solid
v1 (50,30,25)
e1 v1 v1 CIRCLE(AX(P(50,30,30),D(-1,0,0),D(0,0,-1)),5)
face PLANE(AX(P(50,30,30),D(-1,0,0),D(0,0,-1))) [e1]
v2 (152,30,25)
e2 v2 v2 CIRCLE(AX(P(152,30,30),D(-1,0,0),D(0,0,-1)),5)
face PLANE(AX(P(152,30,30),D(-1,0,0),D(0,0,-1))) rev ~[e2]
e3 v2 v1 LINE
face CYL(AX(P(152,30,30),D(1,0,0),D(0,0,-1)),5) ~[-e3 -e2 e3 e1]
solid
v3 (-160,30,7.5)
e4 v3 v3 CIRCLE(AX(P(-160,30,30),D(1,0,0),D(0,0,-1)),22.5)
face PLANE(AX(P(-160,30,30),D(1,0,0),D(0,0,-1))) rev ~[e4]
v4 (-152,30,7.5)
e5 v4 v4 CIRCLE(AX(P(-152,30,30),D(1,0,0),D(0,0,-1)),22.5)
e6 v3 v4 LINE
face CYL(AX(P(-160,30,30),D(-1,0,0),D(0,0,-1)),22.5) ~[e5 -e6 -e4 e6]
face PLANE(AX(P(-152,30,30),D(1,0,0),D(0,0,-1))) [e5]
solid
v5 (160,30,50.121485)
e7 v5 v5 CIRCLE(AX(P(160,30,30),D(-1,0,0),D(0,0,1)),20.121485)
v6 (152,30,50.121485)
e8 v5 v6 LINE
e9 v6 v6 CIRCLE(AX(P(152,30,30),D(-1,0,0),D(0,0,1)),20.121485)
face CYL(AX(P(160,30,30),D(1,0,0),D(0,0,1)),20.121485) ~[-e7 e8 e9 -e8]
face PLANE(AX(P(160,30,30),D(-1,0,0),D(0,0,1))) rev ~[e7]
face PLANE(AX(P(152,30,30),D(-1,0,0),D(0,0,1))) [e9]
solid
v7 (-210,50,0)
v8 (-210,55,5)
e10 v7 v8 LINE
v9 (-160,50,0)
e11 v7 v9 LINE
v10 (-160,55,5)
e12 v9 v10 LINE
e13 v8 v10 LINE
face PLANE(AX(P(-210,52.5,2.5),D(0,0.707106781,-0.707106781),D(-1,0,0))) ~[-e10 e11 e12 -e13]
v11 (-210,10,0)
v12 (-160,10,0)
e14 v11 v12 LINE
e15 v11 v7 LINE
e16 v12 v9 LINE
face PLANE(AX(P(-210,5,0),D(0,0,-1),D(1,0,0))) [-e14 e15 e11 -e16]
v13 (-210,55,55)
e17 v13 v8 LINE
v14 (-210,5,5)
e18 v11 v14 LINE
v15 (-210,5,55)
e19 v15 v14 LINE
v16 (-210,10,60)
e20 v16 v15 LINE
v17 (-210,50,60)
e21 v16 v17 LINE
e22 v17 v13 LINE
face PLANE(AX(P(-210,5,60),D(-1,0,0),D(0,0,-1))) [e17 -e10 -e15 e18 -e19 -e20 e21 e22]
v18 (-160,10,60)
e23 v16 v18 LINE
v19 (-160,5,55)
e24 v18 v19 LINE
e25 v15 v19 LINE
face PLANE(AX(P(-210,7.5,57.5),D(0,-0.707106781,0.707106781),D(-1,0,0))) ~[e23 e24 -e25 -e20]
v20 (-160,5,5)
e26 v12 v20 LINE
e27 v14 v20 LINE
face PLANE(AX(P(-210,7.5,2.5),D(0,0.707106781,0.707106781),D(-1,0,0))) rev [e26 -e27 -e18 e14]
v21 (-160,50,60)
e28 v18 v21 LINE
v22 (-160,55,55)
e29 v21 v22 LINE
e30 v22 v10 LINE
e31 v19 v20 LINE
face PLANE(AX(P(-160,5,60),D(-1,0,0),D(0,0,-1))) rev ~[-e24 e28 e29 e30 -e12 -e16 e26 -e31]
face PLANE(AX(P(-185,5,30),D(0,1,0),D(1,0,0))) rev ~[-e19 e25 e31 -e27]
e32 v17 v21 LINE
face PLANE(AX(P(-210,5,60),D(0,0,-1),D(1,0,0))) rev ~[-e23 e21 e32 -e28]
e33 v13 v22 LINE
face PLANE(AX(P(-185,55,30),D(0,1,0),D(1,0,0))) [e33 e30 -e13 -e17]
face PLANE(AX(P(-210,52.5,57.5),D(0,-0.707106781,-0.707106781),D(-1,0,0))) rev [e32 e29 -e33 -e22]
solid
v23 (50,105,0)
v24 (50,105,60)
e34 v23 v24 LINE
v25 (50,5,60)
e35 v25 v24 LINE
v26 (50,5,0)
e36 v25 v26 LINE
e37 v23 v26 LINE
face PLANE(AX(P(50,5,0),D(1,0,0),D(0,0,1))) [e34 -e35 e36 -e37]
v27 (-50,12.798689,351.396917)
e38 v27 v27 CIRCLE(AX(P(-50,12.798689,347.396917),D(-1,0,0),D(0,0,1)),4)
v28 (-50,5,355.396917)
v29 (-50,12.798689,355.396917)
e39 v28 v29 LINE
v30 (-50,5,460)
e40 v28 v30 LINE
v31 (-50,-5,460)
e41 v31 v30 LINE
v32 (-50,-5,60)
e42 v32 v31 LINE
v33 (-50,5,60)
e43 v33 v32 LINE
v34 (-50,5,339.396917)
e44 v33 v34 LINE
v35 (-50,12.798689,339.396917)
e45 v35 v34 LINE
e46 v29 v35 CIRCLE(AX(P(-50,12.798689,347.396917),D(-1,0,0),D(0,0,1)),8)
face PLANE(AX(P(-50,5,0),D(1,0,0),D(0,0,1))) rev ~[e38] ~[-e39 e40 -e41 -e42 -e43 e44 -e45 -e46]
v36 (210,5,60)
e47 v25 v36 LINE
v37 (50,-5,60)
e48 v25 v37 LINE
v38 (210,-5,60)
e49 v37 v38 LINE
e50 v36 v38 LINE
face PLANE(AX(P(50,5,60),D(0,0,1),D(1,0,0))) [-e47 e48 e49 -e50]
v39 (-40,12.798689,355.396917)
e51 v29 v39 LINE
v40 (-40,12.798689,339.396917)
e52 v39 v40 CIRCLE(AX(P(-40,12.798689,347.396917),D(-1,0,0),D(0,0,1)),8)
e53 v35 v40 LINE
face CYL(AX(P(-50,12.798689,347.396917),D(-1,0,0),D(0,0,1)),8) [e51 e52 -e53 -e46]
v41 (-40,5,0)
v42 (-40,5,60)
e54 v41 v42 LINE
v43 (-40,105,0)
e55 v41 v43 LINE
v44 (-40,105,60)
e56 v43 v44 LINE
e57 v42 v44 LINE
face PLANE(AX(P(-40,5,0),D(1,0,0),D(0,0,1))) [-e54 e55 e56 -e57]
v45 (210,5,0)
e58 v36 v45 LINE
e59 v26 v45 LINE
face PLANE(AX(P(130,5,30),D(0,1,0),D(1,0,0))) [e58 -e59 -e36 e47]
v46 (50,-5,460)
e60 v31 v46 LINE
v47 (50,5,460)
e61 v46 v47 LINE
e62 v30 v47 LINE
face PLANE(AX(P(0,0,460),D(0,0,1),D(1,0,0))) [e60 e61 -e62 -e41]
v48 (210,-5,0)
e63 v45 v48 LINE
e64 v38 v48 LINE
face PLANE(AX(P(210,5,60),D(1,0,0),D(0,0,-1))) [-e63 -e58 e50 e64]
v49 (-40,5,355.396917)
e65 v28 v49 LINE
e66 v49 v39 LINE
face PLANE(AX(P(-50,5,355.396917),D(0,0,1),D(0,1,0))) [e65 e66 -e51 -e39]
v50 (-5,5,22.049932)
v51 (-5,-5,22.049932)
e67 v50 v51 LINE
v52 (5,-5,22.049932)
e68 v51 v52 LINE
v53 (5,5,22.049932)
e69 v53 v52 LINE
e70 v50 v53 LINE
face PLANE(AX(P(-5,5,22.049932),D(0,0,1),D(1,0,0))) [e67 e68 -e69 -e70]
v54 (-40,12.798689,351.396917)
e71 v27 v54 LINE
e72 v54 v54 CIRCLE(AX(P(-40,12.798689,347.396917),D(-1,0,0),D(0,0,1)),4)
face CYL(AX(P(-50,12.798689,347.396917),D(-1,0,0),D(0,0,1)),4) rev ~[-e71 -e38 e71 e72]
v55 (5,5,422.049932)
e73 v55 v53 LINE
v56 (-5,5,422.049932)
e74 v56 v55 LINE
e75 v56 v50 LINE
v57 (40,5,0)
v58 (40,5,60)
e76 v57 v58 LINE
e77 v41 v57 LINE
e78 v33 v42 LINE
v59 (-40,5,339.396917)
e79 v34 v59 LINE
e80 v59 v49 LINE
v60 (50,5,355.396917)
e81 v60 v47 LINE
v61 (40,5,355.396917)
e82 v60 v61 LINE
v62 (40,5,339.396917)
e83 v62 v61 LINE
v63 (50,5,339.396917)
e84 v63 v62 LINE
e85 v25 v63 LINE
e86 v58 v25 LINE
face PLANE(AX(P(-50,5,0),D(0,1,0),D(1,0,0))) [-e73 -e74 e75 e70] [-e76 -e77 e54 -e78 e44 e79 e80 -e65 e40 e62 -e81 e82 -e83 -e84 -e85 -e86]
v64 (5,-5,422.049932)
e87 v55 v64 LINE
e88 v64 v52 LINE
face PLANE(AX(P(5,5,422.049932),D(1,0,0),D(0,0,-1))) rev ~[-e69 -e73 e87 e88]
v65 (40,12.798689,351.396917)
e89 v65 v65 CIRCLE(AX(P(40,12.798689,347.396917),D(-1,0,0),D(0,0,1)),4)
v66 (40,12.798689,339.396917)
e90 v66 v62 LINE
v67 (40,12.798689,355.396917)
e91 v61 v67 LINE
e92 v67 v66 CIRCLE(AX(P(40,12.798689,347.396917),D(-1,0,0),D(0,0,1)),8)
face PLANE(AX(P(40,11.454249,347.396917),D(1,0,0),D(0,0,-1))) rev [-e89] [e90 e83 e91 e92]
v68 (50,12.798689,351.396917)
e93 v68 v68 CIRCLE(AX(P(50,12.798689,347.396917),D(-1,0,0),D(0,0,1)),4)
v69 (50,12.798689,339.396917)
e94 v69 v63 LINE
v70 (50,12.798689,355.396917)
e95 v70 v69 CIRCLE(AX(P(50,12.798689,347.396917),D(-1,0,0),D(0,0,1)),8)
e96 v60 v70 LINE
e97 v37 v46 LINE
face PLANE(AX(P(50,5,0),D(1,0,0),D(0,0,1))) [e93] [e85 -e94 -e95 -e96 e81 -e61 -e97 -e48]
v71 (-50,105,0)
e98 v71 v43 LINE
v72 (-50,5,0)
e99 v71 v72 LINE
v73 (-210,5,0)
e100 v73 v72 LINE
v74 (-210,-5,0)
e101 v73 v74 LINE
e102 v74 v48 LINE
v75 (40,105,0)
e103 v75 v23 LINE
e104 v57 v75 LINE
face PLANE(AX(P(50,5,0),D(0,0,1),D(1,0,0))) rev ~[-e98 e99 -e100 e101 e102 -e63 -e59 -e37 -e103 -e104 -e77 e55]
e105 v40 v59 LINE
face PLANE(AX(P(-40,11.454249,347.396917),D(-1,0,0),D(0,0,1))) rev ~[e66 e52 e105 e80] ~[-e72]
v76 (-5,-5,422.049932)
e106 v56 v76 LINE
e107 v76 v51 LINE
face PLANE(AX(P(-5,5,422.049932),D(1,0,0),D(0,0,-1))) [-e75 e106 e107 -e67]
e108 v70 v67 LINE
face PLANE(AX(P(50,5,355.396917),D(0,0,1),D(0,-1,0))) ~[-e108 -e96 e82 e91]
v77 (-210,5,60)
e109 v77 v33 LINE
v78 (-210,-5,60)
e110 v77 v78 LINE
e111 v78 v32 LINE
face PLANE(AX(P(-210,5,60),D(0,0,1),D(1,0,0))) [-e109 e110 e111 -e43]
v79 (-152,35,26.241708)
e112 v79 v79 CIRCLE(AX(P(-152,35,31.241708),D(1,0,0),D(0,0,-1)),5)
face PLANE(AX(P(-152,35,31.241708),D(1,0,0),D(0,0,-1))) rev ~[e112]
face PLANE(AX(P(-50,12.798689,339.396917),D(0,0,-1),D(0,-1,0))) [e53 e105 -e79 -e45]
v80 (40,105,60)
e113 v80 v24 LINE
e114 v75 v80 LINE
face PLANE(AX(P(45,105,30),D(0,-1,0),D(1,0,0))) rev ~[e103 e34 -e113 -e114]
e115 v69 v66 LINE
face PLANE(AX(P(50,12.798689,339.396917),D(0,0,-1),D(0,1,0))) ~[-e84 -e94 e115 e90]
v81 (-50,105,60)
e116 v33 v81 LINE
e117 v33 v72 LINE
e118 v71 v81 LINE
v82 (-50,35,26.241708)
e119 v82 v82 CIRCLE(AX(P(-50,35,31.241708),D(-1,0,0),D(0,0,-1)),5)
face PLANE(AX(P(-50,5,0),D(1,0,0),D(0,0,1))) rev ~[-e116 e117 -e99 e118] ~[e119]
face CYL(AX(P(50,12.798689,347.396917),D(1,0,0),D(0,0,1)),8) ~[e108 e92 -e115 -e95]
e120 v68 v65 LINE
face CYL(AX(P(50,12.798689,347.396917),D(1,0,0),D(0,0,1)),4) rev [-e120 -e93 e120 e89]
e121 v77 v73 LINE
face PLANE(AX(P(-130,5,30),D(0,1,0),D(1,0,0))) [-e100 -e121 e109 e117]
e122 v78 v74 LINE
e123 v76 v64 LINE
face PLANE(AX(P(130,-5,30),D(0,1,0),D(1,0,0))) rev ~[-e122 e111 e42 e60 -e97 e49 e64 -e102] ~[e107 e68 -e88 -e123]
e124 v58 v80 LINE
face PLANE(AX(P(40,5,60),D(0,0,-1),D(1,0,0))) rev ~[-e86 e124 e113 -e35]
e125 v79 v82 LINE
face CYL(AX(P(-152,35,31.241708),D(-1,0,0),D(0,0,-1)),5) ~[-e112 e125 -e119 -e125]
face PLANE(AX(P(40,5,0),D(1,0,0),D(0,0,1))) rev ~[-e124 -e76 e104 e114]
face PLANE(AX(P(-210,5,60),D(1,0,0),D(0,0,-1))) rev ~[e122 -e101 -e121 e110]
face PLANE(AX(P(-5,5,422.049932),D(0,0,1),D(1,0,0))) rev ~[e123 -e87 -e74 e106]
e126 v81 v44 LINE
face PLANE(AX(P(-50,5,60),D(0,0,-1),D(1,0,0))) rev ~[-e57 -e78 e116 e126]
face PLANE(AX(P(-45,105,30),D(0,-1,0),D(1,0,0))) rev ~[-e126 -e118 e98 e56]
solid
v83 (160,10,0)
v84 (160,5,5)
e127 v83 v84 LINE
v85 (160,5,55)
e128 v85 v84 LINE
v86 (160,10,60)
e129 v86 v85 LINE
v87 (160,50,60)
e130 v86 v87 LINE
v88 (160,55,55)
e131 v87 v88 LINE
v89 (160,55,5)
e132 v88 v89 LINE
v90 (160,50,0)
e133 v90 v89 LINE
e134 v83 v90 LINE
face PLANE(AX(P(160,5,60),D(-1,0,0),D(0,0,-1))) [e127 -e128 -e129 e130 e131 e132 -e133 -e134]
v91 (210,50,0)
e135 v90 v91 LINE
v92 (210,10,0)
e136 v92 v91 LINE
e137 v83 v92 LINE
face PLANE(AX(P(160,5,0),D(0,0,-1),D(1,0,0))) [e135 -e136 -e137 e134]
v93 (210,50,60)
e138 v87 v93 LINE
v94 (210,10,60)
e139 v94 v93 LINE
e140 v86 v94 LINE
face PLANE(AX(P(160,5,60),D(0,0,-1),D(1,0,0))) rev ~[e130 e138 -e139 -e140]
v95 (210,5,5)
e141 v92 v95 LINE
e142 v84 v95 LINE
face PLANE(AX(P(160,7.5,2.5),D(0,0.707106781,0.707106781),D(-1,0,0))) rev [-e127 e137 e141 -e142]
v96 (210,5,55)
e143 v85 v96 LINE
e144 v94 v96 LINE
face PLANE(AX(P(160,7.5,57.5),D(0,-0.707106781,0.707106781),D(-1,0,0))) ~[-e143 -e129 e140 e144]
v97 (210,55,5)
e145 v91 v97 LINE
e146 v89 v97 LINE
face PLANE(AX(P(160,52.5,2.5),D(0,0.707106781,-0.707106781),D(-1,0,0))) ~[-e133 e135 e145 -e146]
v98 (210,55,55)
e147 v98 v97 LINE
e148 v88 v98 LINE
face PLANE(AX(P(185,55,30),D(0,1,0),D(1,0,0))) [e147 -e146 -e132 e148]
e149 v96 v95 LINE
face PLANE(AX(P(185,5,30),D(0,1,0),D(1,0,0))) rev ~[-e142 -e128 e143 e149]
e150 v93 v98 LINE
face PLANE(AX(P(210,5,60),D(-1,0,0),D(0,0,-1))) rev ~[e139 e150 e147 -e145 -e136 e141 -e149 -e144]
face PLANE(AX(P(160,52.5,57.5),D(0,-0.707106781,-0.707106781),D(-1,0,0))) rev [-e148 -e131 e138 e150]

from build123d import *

# Parameters (mm, degrees)
SKETCH_1_W          = 100
SKETCH_1_H          = 10
EXTRUDE_1_DEPTH     = 460
SKETCH_2_W          = 10
SKETCH_2_H          = 400
CUT_EXTRUDE_1_DEPTH = 460
SKETCH_4_R          = 4
EXTRUDE_2_DEPTH     = 10
EXTRUDE_START       = -10
SKETCH_5_W          = 10
SKETCH_5_H          = 60
EXTRUDE_3_DEPTH     = 100
EXTRUDE_3_2_DEPTH   = 100
SKETCH_6_W          = 160
SKETCH_6_H          = 60
EXTRUDE_4_DEPTH     = 10
SKETCH_7_W          = 50
SKETCH_7_H          = 60
EXTRUDE_5_DEPTH     = 50
EXTRUDE_5_2_DEPTH   = 50
CHAMFER_1_SIZE      = 5
CHAMFER_2_SIZE      = 5
SKETCH_8_R          = 20.121485443
EXTRUDE_6_DEPTH     = 8
SKETCH_9_R          = 22.5
EXTRUDE_7_DEPTH     = 8
SKETCH_10_R         = 5
EXTRUDE_8_DEPTH     = 102
SKETCH_11_R         = 5
EXTRUDE_9_DEPTH     = 108


with BuildPart() as part:
    # 草图1 → 凸台-拉伸1 (new body)
    with BuildSketch(Plane.XY):
        Rectangle(SKETCH_1_W, SKETCH_1_H)
    extrude(amount=EXTRUDE_1_DEPTH)

    # 草图2 → 切除-拉伸1 (cut)
    with BuildSketch(Plane(origin=(0, 5, 0), x_dir=(1, 0, 0), z_dir=(0, 1, 0))):
        with Locations((0, -222.049931505)):
            Rectangle(SKETCH_2_W, SKETCH_2_H)
    extrude(amount=-CUT_EXTRUDE_1_DEPTH, mode=Mode.SUBTRACT)

    # 草图4 → 凸台-拉伸2 (add)
    with BuildSketch(Plane.ZY.offset(50)):
        with BuildLine():
            ThreePointArc((355.396917132, 12.798688849), (347.396917132, 20.798688849), (339.396917132, 12.798688849))
            Line((339.396917132, 12.798688849), (339.396917132, 5))
            Line((339.396917132, 5), (346.520803495, 5))
            Line((346.520803495, 5), (355.396917132, 5))
            Line((355.396917132, 5), (355.396917132, 12.798688849))
        make_face()
        with Locations((347.396917132, 12.798688849)):
            Circle(SKETCH_4_R, mode=Mode.SUBTRACT)
    extrude_2 = extrude(amount=-EXTRUDE_2_DEPTH)

    # 镜向1: 凸台-拉伸2 across plane
    add(extrude_2.mirror(Plane(origin=(0, 0, 0), x_dir=(0, 0, 1), z_dir=(1, 0, 0))))



with BuildPart() as body_2:
    # 草图5 → 凸台-拉伸3 (new body)
    with BuildSketch(Plane.XZ.offset(5).offset(EXTRUDE_START)):
        with Locations((-45, 30)):
            Rectangle(SKETCH_5_W, SKETCH_5_H)
    extrude(amount=-EXTRUDE_3_DEPTH)


with BuildPart() as body_3:
    # 草图5 → Extrude 3 2 (new body)
    with BuildSketch(Plane.XZ.offset(5).offset(EXTRUDE_START)):
        with Locations((45, 30)):
            Rectangle(SKETCH_5_W, SKETCH_5_H)
    extrude(amount=-EXTRUDE_3_2_DEPTH)


with BuildPart() as part_1:
    add(part.part)

    add(body_2.part)  # 凸台-拉伸4 merges body 2

    add(body_3.part)  # 凸台-拉伸4 merges body 3
    # 草图6 → 凸台-拉伸4 (add)
    with BuildSketch(Plane(origin=(0, 5, 0), x_dir=(1, 0, 0), z_dir=(0, 1, 0))):
        with Locations((130, -30)):
            Rectangle(SKETCH_6_W, SKETCH_6_H)
        with Locations((-130, -30)):
            Rectangle(SKETCH_6_W, SKETCH_6_H)
    extrude(amount=-EXTRUDE_4_DEPTH)

    # 草图11 → 凸台-拉伸9 (add)
    with BuildSketch(Plane(origin=(-152, 0, 0), x_dir=(0, 0, -1), z_dir=(1, 0, 0))):
        with Locations((-31.241708383, 35)):
            Circle(SKETCH_11_R)
    extrude(amount=EXTRUDE_9_DEPTH)


with BuildPart() as body_2_2:
    # 草图7 → 凸台-拉伸5 (new body)
    with BuildSketch(Plane(origin=(0, 5, 0), x_dir=(1, 0, 0), z_dir=(0, 1, 0))):
        with Locations((-185, -30)):
            Rectangle(SKETCH_7_W, SKETCH_7_H)
    extrude(amount=EXTRUDE_5_DEPTH)

    # 倒角1
    chamfer_1_edges = [body_2_2.edges().sort_by_distance(p)[0] for p in [
        (-185, 55, 0),
        (-185, 5, 0),
        (-185, 5, 60),
        (-185, 55, 60),
    ]]
    chamfer(chamfer_1_edges, length=CHAMFER_1_SIZE)


with BuildPart() as body_3_2:
    # 草图7 → Extrude 5 2 (new body)
    with BuildSketch(Plane(origin=(0, 5, 0), x_dir=(1, 0, 0), z_dir=(0, 1, 0))):
        with Locations((185, -30)):
            Rectangle(SKETCH_7_W, SKETCH_7_H)
    extrude(amount=EXTRUDE_5_2_DEPTH)

    # 倒角2
    chamfer_2_edges = [body_3_2.edges().sort_by_distance(p)[0] for p in [
        (185, 55, 60),
        (185, 5, 60),
        (185, 5, 0),
        (185, 55, 0),
    ]]
    chamfer(chamfer_2_edges, length=CHAMFER_2_SIZE)


with BuildPart() as body_4:
    # 草图8 → 凸台-拉伸6 (new body)
    with BuildSketch(Plane.ZY.offset(-160)):
        with Locations((30, 30)):
            Circle(SKETCH_8_R)
    extrude(amount=EXTRUDE_6_DEPTH)


with BuildPart() as body_5:
    # 草图9 → 凸台-拉伸7 (new body)
    with BuildSketch(Plane(origin=(-160, 0, 0), x_dir=(0, 0, -1), z_dir=(1, 0, 0))):
        with Locations((-30, 30)):
            Circle(SKETCH_9_R)
    extrude(amount=EXTRUDE_7_DEPTH)


with BuildPart() as body_6:
    # 草图10 → 凸台-拉伸8 (new body)
    with BuildSketch(Plane.ZY.offset(-152)):
        with Locations(Location((30, 30, 0), (0, 0, 180))):
            Circle(SKETCH_10_R)
    extrude(amount=EXTRUDE_8_DEPTH)


solid = Compound([part_1.part, body_2_2.part, body_3_2.part, body_4.part, body_5.part, body_6.part])
